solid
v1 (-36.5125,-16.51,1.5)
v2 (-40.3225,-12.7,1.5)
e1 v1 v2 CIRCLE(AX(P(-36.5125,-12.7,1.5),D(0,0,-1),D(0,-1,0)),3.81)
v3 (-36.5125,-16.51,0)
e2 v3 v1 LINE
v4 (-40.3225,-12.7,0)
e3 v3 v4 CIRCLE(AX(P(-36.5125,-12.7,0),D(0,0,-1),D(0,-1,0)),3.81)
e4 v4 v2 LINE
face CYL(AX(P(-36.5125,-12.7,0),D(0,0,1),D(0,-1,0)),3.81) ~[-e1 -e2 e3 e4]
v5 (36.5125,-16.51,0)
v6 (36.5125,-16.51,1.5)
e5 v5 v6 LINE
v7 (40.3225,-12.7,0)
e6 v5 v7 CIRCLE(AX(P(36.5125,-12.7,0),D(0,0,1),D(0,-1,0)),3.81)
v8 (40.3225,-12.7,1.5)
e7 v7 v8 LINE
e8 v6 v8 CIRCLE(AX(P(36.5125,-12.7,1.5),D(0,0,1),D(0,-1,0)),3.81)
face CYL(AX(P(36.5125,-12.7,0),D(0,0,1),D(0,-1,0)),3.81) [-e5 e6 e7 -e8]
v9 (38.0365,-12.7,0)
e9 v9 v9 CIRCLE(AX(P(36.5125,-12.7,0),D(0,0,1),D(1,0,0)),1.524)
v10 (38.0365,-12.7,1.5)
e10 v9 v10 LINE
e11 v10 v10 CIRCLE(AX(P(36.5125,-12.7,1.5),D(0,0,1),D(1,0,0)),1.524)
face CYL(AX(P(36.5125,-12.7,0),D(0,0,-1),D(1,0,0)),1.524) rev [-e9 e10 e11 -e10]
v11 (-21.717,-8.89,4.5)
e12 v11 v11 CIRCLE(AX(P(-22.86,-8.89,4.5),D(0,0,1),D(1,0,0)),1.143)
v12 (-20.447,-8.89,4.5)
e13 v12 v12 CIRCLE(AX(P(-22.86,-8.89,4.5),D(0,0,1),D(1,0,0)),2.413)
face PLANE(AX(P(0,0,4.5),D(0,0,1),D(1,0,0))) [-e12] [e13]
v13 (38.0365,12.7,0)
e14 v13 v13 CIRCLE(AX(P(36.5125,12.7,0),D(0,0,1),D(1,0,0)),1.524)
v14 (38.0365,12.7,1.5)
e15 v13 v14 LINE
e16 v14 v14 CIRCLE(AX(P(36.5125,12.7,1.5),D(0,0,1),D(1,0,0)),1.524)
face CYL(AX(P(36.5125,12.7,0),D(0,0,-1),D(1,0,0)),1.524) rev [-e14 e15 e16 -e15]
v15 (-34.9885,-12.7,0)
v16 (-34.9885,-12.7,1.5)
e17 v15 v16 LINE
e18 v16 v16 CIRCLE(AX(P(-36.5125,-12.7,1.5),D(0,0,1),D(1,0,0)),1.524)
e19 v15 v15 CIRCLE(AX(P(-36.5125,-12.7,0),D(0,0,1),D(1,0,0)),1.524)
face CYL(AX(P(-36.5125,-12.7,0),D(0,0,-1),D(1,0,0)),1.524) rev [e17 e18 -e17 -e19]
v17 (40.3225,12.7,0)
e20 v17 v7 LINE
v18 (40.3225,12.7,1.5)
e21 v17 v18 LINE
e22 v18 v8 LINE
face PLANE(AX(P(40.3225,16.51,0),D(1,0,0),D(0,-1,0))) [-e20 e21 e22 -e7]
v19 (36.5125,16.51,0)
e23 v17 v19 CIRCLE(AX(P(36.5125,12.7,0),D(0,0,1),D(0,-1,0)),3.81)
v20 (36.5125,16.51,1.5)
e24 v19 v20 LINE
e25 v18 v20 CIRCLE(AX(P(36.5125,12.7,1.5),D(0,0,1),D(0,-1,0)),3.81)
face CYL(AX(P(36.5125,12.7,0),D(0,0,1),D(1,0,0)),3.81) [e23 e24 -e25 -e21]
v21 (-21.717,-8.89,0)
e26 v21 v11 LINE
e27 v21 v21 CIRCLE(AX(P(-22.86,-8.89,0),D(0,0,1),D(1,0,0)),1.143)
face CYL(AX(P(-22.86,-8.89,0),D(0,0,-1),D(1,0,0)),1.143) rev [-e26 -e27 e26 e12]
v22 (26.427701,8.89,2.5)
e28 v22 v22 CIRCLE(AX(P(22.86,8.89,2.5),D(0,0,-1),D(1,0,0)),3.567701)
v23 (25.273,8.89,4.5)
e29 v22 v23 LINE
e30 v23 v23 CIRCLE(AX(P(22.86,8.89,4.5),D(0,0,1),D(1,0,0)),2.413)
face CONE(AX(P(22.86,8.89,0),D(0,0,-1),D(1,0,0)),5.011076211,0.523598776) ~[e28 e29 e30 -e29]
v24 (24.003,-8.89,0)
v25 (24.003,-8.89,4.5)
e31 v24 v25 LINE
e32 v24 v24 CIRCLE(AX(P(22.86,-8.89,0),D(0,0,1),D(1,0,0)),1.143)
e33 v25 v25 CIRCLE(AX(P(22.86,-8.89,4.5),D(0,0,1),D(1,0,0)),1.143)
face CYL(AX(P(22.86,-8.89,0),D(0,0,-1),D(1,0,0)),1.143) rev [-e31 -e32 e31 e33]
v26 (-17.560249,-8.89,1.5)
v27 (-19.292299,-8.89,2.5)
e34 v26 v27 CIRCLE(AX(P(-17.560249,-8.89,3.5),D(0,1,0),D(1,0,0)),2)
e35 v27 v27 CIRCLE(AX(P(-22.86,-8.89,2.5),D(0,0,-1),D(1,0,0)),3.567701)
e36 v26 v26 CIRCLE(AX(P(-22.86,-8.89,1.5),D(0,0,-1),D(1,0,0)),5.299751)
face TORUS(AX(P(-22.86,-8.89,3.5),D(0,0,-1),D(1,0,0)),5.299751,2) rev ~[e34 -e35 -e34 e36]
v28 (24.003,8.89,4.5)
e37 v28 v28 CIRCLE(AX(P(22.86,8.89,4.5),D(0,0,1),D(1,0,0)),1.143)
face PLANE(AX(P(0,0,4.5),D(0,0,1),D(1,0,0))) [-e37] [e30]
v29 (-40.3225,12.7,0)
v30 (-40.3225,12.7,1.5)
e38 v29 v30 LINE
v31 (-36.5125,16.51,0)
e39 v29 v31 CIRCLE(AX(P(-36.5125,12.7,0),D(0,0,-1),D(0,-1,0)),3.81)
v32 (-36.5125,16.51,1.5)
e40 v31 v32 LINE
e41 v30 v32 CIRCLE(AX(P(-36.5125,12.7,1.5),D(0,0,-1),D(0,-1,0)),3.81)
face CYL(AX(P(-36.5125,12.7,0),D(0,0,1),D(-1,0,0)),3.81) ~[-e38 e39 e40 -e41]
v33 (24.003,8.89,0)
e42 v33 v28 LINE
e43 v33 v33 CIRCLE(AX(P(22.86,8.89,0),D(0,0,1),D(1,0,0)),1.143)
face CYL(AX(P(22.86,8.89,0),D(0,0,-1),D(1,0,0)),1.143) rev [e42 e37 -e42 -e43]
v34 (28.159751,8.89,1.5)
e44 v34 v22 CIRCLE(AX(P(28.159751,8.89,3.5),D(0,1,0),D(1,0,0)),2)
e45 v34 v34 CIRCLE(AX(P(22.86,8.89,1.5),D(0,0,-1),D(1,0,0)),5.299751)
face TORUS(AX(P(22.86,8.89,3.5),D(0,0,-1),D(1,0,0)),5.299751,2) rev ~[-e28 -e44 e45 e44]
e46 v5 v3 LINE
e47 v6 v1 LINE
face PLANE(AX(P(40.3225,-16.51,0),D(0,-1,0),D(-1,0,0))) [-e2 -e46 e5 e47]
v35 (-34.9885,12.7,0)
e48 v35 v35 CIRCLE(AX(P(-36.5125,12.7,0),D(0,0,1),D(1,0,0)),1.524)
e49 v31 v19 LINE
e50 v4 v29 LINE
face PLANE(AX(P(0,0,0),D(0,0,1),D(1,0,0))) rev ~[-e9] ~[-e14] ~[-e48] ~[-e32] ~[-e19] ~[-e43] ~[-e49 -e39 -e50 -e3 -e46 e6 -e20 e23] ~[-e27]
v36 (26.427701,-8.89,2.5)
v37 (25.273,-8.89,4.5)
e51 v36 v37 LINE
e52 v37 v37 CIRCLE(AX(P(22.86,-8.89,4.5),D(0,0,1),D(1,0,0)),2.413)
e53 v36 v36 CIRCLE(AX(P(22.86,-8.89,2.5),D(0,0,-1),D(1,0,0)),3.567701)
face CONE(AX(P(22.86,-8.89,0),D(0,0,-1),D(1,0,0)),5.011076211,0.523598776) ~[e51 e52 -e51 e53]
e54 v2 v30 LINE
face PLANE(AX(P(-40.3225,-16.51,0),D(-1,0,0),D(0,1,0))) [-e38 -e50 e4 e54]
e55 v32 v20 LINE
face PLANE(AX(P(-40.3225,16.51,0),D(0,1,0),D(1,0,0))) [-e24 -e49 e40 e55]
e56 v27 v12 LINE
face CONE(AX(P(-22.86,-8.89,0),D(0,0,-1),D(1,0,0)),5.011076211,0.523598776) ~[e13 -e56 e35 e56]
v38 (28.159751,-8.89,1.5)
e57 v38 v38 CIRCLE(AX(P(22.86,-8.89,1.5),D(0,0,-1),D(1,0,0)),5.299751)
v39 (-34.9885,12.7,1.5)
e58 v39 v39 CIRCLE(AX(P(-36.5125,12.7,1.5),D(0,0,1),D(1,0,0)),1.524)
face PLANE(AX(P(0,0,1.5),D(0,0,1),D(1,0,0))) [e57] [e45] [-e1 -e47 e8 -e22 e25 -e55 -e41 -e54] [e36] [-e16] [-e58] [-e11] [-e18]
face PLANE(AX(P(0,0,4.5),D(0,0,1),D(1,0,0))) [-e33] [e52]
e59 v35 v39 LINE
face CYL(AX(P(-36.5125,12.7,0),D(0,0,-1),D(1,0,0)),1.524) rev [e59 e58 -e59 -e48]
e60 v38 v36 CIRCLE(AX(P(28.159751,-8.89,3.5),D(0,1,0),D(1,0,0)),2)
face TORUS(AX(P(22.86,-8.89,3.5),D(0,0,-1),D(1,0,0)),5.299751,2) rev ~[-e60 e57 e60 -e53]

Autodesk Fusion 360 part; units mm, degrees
sketch "Sketch1" plane through (0, 0, 0) normal (0, 0, 1) x (1, 0, 0)
  line L0 (36.5125, -12.7) -> (-36.5125, -12.7) construction
  line L1 (-36.5125, -12.7) -> (-36.5125, 12.7) construction
  line L2 (-36.5125, 12.7) -> (36.5125, 12.7) construction
  line L3 (36.5125, 12.7) -> (36.5125, -12.7) construction
  line L4 (36.5125, -12.7) -> (-36.5125, 12.7) construction
  line L5 (-36.5125, -12.7) -> (36.5125, 12.7) construction
  line L6 (40.3225, -16.51) -> (-40.3225, -16.51)
  line L7 (-40.3225, -16.51) -> (-40.3225, 16.51)
  line L8 (-40.3225, 16.51) -> (40.3225, 16.51)
  line L9 (40.3225, 16.51) -> (40.3225, -16.51)
  circle A0 centre (-36.5125, 12.7) radius 1.524
  circle A1 centre (36.5125, 12.7) radius 1.524
  circle A2 centre (-36.5125, -12.7) radius 1.524
  circle A3 centre (36.5125, -12.7) radius 1.524
  line L10 (22.86, -8.89) -> (-22.86, -8.89) construction
  line L11 (-22.86, -8.89) -> (-22.86, 8.89) construction
  line L12 (-22.86, 8.89) -> (22.86, 8.89) construction
  line L13 (22.86, 8.89) -> (22.86, -8.89) construction
  line L14 (22.86, -8.89) -> (-22.86, 8.89) construction
  line L15 (-22.86, -8.89) -> (22.86, 8.89) construction
  circle A4 centre (-22.86, 8.89) radius 1.143
  circle A5 centre (22.86, 8.89) radius 1.143
  circle A6 centre (-22.86, -8.89) radius 1.143
  circle A7 centre (22.86, -8.89) radius 1.143
  circle A8 centre (-22.86, 8.89) radius 2.413
  circle A9 centre (22.86, 8.89) radius 2.413
  circle A10 centre (-22.86, -8.89) radius 2.413
  circle A11 centre (22.86, -8.89) radius 2.413
  dimension "d1" = 73.025
  dimension "d2" = 25.4
  dimension "d3" = -3.81
  dimension "d4" = 3.048
  dimension "d7" = 73.025
  dimension "d8" = -25.4
  dimension "d9" = 45.72
  dimension "d10" = 17.78
  dimension "d11" = 2.286
  dimension "d14" = 45.72
  dimension "d15" = -17.78
  dimension "d16" = 1.27
  dimension "d17" = 1.27
  dimension "d18" = 1.27
  dimension "d19" = 1.27
extrude "Extrude1" add sketch "Sketch1" along normal blind 1.5 contours L6 L7 L8 L9 | A4 | A8 | A9 | A10 | A11
extrude "Extrude2" add sketch "Sketch1" along normal blind 4.5 contours A9 | A10 | A11
draft "Draft1" angle 30 neutral plane through (0, 0, 4.5) pull (0, 0, 1) 3 faces at (-20.459, -8.6497, 2.5) (25.261, 9.1303, 2.5) (25.261, -8.6497, 2.5)
fillet "Fillet1" radius 3.81 4 edges at (-40.3225, -16.51, 0.75) (-40.3225, 16.51, 0.75) (40.3225, 16.51, 0.75) (40.3225, -16.51, 0.75)
fillet "Fillet2" radius 2 3 edges at (-26.7245, -7.3911, 1.5) (18.9955, -7.3911, 1.5) (18.9955, 10.3889, 1.5)
